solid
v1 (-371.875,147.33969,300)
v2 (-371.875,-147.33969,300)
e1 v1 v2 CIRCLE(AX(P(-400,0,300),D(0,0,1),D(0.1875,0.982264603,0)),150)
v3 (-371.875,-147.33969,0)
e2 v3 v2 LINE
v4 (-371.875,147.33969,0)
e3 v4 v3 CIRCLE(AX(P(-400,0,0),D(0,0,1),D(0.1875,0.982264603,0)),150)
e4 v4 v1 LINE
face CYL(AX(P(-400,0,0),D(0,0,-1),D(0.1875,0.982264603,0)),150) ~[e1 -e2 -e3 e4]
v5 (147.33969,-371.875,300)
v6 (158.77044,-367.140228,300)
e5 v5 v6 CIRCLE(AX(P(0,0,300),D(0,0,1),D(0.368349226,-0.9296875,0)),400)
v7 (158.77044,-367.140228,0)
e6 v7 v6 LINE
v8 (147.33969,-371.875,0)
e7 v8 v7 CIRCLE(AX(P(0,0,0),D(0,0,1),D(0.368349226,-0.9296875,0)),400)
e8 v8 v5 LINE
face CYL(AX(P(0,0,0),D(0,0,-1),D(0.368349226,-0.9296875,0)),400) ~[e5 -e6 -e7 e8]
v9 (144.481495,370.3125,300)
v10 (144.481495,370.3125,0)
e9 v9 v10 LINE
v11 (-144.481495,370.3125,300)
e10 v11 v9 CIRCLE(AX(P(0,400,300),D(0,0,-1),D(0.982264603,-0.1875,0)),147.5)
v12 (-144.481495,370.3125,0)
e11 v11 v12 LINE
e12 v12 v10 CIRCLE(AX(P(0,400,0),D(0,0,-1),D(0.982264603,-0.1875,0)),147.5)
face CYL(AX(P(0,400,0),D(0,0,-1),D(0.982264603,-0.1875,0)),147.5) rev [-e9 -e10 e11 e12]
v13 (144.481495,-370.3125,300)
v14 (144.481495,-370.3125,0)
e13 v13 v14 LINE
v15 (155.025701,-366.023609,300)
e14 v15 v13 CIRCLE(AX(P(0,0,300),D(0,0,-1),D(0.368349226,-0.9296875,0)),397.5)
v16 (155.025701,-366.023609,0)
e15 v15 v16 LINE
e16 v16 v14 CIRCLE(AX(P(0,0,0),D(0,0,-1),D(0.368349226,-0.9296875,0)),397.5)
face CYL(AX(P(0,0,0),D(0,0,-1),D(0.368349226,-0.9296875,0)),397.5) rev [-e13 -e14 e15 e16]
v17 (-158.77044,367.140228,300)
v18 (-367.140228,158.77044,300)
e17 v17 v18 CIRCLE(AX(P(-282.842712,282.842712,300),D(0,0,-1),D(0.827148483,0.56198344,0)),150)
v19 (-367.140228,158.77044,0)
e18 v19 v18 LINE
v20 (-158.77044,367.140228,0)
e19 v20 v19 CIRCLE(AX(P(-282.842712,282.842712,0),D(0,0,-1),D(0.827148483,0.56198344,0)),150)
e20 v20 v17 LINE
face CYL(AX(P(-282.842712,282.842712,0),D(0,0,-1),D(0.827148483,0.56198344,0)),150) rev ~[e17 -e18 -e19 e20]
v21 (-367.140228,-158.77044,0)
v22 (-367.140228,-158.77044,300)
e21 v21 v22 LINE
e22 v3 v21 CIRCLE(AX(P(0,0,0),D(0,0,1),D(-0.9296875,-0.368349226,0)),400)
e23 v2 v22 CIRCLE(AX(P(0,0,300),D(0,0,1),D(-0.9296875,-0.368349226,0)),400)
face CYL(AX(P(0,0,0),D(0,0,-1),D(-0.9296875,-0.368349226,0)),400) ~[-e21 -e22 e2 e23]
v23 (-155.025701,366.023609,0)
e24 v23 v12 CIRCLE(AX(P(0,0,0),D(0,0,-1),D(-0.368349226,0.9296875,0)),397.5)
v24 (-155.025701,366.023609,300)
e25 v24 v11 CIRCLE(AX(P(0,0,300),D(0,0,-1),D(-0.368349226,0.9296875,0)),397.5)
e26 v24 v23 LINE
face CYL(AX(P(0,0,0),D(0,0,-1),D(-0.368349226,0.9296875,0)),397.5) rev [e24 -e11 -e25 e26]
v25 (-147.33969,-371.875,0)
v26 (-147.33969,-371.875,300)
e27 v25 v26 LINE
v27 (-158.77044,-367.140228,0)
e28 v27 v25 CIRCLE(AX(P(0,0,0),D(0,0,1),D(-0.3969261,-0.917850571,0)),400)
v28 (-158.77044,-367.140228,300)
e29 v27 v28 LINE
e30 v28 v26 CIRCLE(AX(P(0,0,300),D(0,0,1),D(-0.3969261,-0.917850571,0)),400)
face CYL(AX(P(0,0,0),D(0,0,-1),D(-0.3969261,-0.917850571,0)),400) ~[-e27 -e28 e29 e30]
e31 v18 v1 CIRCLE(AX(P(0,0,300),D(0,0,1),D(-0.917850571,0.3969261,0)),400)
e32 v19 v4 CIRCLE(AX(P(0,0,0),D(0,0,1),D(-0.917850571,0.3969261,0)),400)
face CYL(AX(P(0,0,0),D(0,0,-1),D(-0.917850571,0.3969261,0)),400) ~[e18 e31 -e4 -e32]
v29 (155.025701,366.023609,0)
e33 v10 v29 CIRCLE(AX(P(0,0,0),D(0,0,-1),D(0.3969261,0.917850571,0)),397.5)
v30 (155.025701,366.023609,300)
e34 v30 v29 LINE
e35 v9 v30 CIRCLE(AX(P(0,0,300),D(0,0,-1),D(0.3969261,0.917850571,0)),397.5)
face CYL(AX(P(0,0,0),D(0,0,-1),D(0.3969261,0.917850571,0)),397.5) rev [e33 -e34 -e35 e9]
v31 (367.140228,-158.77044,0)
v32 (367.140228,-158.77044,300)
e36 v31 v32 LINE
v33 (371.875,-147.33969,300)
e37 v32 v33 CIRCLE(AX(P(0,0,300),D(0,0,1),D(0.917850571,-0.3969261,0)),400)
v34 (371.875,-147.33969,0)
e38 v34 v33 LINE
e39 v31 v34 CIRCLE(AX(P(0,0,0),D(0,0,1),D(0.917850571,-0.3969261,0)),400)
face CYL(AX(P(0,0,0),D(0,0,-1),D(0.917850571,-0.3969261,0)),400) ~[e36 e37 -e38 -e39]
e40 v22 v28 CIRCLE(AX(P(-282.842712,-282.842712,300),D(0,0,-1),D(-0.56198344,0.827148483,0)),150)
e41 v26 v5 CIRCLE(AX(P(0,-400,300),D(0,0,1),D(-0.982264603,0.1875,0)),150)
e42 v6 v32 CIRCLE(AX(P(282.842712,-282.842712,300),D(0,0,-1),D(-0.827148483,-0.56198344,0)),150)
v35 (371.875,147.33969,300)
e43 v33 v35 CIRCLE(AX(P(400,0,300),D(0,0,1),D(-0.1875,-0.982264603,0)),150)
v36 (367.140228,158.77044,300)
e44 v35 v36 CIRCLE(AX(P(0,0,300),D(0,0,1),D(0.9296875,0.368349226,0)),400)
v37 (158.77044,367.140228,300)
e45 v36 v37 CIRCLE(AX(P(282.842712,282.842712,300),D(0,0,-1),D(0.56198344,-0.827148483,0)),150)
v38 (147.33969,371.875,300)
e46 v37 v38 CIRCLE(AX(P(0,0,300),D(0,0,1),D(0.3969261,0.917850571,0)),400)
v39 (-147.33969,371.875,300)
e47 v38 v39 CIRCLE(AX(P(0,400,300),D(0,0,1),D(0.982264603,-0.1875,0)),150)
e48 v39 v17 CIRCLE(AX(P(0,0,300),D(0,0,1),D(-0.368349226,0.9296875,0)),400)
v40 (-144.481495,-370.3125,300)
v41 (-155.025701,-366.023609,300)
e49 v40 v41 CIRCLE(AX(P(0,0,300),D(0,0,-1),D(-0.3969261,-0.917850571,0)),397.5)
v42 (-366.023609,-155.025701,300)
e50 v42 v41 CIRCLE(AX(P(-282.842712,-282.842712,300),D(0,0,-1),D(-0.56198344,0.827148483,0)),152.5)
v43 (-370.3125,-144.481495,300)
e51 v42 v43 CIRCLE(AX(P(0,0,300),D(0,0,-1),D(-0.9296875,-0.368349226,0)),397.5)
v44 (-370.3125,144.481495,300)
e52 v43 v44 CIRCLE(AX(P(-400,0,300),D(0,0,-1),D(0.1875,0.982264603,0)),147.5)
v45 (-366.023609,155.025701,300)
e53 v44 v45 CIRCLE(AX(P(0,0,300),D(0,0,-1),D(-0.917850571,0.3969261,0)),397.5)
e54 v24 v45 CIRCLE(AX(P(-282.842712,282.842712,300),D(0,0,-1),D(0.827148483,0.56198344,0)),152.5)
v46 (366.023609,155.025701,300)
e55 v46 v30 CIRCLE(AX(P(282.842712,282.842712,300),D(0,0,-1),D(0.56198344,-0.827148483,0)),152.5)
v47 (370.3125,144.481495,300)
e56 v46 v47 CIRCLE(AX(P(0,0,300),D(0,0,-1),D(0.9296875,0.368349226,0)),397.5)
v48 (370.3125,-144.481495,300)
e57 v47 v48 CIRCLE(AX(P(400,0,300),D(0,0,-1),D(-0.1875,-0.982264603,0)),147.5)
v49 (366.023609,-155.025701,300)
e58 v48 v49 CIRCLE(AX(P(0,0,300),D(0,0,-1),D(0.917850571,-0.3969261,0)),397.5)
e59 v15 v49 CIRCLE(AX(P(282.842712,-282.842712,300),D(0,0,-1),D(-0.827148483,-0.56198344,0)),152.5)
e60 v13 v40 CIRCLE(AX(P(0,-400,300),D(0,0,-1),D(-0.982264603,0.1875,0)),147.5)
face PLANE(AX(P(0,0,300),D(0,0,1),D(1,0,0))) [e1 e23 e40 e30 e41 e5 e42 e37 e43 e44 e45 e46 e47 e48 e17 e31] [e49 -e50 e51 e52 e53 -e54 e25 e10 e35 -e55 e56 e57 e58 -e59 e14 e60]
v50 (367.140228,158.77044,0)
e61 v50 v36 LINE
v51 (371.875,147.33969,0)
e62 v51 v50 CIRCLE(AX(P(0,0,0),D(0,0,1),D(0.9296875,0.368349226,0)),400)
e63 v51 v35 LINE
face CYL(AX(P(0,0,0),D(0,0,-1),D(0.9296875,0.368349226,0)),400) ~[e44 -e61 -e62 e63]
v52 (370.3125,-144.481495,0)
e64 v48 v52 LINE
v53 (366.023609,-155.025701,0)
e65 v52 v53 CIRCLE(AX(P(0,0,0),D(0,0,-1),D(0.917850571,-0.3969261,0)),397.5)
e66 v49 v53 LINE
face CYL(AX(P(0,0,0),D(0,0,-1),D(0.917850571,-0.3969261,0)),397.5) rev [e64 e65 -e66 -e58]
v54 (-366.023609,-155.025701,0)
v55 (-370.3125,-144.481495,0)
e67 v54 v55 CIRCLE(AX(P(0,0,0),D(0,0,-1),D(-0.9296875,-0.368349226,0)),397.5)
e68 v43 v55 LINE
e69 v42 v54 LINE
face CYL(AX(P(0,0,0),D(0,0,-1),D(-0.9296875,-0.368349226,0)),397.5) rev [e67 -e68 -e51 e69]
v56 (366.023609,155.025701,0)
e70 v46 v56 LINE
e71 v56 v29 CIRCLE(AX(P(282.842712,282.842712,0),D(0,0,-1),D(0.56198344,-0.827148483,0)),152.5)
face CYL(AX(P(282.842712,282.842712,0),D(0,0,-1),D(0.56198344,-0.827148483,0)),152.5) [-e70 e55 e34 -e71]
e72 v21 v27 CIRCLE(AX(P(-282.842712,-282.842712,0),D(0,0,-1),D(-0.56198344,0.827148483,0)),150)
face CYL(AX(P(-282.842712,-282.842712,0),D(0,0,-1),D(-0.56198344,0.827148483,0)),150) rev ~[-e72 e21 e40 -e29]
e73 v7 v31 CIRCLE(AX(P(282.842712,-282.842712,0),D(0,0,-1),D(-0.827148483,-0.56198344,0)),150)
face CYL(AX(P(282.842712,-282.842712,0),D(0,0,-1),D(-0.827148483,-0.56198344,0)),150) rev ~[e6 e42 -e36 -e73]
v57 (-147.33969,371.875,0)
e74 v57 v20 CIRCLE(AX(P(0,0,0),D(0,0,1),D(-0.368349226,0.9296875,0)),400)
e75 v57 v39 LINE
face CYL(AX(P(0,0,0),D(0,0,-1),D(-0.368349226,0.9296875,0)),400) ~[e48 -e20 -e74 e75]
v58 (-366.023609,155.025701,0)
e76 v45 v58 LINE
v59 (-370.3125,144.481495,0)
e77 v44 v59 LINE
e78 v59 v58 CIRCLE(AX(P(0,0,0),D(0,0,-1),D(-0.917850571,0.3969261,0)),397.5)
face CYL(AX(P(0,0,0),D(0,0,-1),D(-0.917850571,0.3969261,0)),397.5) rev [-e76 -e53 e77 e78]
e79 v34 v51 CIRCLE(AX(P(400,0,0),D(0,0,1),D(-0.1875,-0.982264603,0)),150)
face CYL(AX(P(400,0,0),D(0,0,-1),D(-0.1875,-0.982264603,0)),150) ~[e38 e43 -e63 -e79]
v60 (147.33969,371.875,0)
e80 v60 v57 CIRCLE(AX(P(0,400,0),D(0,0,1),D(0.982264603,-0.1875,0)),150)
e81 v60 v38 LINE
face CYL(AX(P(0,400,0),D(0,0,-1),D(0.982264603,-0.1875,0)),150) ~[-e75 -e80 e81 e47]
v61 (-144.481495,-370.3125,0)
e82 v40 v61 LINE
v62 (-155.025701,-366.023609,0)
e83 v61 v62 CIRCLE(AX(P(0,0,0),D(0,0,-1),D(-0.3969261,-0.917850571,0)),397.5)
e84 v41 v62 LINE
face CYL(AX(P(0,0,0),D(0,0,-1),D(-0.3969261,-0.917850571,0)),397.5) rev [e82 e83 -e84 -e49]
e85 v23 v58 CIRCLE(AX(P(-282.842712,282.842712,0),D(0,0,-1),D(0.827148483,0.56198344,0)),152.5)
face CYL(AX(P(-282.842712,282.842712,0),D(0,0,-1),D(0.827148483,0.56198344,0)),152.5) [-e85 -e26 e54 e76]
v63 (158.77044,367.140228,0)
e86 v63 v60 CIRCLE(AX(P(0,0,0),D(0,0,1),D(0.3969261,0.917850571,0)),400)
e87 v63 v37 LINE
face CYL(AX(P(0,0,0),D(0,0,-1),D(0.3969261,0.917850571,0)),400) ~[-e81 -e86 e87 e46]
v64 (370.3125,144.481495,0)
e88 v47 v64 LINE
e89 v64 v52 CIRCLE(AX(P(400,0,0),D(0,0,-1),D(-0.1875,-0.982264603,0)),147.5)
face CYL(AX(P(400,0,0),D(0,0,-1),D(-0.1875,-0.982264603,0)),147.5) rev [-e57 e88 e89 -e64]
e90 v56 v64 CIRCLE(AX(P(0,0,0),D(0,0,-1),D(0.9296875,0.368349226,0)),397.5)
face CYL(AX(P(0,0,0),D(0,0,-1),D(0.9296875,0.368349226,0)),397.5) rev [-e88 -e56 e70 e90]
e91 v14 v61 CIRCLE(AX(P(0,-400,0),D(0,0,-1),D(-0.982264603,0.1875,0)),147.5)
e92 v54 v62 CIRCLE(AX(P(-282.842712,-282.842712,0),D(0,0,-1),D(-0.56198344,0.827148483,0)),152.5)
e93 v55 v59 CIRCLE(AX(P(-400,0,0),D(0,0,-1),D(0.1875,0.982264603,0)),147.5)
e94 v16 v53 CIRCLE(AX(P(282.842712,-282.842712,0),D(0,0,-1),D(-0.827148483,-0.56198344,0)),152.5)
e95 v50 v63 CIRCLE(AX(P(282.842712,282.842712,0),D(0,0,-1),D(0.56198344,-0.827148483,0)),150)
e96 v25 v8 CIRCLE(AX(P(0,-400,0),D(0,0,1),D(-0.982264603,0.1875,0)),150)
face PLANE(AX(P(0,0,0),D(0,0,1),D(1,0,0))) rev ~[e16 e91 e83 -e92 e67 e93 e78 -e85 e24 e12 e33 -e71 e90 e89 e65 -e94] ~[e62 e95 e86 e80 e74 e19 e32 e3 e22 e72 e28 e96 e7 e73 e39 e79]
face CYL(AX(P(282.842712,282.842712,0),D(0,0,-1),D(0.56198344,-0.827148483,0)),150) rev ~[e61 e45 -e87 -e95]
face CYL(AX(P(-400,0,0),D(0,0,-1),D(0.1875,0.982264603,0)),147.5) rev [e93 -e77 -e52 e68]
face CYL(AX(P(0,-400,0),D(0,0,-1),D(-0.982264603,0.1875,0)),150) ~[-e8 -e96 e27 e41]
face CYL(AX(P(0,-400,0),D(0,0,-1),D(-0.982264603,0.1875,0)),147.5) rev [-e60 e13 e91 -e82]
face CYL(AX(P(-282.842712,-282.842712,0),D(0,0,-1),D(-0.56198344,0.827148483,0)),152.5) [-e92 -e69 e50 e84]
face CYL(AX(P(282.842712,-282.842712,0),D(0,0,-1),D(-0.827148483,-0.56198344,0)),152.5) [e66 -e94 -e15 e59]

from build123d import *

# Parameters (mm, degrees)
F1_DEPTH = 300
F2_T     = -2.5


with BuildPart() as f1:
    # F0 (on Top) → F1 (new body)
    with BuildSketch(Plane.XY):
        with BuildLine():
            ThreePointArc((-158.7704400152, 367.1402284923), (-176.7766952966, 176.7766952966), (-367.1402284923, 158.7704400152))
            ThreePointArc((-367.1402284923, 158.7704400152), (-369.5518130045, 153.073372946), (-371.875, 147.3396904266))
            ThreePointArc((-371.875, 147.3396904266), (-550, 0), (-371.875, -147.3396904266))
            ThreePointArc((-371.875, -147.3396904266), (-369.5518130045, -153.073372946), (-367.1402284923, -158.7704400152))
            ThreePointArc((-367.1402284923, -158.7704400152), (-176.7766952966, -176.7766952966), (-158.7704400152, -367.1402284923))
            ThreePointArc((-158.7704400152, -367.1402284923), (-153.073372946, -369.5518130045), (-147.3396904266, -371.875))
            ThreePointArc((-147.3396904266, -371.875), (0, -550), (147.3396904266, -371.875))
            ThreePointArc((147.3396904266, -371.875), (153.073372946, -369.5518130045), (158.7704400152, -367.1402284923))
            ThreePointArc((158.7704400152, -367.1402284923), (176.7766952966, -176.7766952966), (367.1402284923, -158.7704400152))
            ThreePointArc((367.1402284923, -158.7704400152), (369.5518130045, -153.073372946), (371.875, -147.3396904266))
            ThreePointArc((371.875, -147.3396904266), (550, 0), (371.875, 147.3396904266))
            ThreePointArc((371.875, 147.3396904266), (369.5518130045, 153.073372946), (367.1402284923, 158.7704400152))
            ThreePointArc((367.1402284923, 158.7704400152), (176.7766952966, 176.7766952966), (158.7704400152, 367.1402284923))
            ThreePointArc((158.7704400152, 367.1402284923), (153.073372946, 369.5518130045), (147.3396904266, 371.875))
            ThreePointArc((147.3396904266, 371.875), (0, 550), (-147.3396904266, 371.875))
            ThreePointArc((-147.3396904266, 371.875), (-153.073372946, 369.5518130045), (-158.7704400152, 367.1402284923))
        make_face()
    extrude(amount=F1_DEPTH)

    # F2
    f2_openings = [f1.faces().sort_by_distance(p)[0] for p in [
        (0, 0, 300),
        (0, 0, 0),
    ]]
    offset(amount=F2_T, openings=f2_openings, kind=Kind.INTERSECTION)


solid = f1.part
